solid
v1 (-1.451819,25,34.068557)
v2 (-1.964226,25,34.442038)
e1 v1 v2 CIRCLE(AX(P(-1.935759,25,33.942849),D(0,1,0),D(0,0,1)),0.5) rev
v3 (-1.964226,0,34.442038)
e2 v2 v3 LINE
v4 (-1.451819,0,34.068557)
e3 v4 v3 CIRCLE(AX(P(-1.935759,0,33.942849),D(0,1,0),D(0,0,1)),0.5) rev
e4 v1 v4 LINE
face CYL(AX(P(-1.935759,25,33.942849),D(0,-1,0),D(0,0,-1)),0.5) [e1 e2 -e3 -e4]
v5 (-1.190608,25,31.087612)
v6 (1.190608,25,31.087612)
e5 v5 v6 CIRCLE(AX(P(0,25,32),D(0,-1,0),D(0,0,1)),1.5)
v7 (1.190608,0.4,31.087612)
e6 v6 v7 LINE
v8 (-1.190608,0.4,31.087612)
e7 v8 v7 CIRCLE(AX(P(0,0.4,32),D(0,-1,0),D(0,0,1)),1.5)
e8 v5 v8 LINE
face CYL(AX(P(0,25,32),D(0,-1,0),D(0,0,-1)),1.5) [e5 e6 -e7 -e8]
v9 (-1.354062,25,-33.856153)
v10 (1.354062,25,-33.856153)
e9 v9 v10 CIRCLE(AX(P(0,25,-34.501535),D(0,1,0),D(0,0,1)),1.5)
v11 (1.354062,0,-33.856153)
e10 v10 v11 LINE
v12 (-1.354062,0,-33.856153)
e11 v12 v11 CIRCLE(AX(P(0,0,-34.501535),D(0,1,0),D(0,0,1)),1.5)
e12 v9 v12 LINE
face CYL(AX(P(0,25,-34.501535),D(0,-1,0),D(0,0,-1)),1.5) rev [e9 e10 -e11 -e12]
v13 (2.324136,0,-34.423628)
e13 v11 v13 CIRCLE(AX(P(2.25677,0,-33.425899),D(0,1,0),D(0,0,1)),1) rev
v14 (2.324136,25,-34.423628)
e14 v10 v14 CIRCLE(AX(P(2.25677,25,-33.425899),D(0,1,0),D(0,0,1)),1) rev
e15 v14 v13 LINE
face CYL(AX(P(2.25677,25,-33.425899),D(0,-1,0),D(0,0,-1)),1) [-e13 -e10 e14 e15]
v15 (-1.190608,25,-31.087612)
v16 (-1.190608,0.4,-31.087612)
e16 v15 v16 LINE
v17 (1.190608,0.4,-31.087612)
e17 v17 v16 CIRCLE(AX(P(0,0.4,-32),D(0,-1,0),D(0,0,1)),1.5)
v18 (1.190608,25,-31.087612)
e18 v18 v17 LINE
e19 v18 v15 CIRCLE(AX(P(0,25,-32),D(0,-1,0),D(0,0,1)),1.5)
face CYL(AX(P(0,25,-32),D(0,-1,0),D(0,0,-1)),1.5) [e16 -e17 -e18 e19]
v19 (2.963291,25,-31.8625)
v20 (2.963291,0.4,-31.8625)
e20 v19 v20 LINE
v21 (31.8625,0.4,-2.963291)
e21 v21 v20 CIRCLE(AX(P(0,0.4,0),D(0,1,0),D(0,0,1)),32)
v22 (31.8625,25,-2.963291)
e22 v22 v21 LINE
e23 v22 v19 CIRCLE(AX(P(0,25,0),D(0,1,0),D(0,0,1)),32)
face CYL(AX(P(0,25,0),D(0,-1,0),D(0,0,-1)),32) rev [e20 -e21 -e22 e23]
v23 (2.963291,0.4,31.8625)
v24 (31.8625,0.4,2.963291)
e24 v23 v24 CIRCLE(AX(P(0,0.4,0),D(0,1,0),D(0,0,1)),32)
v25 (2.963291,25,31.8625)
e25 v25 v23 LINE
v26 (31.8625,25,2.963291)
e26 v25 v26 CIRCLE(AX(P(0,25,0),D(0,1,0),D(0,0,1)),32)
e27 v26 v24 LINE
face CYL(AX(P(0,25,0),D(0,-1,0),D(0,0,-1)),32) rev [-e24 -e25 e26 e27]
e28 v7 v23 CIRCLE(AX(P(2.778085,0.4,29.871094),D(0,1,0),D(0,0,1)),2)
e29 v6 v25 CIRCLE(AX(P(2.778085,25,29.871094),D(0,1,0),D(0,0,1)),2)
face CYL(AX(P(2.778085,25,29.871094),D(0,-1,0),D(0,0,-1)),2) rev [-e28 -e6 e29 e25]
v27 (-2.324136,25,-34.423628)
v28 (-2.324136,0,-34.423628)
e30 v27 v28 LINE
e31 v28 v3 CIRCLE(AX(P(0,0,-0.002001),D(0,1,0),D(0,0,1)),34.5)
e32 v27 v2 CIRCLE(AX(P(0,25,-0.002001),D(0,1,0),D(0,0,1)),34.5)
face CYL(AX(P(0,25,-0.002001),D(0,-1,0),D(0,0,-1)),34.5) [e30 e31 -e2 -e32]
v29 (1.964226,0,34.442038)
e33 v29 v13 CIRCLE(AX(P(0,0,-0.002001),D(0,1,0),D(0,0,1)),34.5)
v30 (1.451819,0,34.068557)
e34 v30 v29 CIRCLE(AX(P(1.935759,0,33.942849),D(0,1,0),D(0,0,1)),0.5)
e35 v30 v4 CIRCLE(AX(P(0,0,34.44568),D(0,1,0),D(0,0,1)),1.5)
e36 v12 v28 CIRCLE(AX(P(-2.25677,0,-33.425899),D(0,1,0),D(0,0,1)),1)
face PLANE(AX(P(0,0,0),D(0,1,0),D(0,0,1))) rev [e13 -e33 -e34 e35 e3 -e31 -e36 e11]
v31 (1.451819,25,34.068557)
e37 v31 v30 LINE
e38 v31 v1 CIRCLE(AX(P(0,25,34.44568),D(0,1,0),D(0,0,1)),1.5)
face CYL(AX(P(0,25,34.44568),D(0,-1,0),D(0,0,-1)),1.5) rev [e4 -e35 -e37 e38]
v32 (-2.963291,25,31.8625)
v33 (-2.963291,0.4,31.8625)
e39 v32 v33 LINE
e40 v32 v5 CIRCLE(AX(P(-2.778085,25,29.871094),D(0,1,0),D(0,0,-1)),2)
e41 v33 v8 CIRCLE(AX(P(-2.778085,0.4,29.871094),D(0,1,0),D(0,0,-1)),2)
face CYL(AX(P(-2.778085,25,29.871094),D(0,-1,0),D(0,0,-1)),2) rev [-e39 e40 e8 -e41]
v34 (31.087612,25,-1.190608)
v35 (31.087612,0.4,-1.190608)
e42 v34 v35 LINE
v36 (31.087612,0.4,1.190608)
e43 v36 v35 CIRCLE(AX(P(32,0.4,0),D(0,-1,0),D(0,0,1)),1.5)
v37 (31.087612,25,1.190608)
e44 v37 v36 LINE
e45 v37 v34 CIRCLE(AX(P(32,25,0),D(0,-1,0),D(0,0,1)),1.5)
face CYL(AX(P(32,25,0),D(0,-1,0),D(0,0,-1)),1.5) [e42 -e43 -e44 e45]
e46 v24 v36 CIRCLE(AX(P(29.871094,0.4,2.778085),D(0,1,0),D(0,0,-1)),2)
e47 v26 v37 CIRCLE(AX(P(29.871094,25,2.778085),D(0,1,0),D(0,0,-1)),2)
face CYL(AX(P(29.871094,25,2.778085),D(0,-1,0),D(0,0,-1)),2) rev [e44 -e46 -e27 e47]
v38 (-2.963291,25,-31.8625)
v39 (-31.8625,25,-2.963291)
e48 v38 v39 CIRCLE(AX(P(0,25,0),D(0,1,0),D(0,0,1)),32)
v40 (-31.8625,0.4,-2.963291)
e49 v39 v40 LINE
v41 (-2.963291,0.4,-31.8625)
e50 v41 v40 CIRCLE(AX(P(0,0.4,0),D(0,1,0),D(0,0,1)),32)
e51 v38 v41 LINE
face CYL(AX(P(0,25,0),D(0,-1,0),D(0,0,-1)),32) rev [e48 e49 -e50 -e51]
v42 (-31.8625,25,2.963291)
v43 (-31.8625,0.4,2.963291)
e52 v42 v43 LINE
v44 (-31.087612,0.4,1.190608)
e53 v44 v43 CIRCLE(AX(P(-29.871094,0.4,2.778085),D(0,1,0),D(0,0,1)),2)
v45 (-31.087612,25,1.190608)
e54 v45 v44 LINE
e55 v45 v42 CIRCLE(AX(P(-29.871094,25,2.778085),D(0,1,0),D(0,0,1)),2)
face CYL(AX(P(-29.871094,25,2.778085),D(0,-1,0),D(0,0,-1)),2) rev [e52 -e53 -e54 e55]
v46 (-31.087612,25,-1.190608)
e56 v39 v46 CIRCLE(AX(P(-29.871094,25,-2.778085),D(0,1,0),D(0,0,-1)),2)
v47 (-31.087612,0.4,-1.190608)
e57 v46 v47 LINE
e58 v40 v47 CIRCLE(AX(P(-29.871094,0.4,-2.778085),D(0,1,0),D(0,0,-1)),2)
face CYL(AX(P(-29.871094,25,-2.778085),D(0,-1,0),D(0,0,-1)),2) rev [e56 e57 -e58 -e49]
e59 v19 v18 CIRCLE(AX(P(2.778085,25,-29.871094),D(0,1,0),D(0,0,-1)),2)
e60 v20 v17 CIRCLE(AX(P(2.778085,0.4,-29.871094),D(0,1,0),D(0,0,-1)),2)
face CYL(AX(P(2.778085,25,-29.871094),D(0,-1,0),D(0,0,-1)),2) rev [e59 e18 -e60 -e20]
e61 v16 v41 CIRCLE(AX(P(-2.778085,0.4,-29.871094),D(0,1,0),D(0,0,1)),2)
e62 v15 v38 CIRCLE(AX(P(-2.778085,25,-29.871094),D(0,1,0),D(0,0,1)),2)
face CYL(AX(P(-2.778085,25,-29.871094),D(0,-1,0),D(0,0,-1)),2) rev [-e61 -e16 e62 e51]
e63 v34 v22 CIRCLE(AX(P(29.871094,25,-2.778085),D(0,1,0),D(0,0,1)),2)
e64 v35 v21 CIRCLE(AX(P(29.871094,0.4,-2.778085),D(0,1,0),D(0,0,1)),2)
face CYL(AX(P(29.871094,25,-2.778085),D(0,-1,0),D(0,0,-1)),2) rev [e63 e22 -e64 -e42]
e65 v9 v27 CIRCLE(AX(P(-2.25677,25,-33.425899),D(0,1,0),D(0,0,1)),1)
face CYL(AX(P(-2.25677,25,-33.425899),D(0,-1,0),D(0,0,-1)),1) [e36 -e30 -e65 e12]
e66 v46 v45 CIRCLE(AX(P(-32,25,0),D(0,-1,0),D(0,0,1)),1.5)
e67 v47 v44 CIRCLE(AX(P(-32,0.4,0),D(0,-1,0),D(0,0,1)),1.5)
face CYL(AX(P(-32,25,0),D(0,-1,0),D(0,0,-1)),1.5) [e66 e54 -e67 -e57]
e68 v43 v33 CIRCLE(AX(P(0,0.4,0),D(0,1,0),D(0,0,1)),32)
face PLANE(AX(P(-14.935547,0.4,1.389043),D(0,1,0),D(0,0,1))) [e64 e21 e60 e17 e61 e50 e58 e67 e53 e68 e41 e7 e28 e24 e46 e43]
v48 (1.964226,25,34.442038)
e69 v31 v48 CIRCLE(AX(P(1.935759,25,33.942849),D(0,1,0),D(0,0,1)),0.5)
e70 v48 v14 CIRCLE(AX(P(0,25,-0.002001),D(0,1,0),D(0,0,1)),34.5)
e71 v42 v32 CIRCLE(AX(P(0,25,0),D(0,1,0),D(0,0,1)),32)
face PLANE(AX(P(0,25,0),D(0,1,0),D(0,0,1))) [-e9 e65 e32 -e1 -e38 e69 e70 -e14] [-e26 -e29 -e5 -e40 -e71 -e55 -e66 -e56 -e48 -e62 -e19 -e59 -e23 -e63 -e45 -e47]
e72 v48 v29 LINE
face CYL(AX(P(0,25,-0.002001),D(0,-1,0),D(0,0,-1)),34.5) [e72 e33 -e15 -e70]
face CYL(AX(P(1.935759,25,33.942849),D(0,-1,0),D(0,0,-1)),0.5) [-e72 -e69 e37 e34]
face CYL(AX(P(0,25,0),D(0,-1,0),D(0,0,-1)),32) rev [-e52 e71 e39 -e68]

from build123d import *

# Parameters (mm, degrees)
BOSS_EXTRUDE1_DEPTH = 25
CUT_EXTRUDE2_DEPTH  = 55.786493398
BOSS_EXTRUDE2_DEPTH = 0.4


with BuildPart() as part:
    # Sketch1 → Boss-Extrude1 (new body)
    with BuildSketch(Plane(origin=(0, 0, 0), x_dir=(1, 0, 0), z_dir=(0, 1, 0))):
        with BuildLine():
            ThreePointArc((1.451818925, -34.068556857), (1.641248992, -34.346908706), (1.964225605, -34.442038138))
            ThreePointArc((1.964225605, -34.442038138), (26.591847487, -21.978073076), (34.198225299, 4.555174015))
            ThreePointArc((34.198225299, 4.555174015), (23.590291339, 25.176355888), (2.324135821, 34.423627607))
            ThreePointArc((2.324135821, 34.423627607), (1.751838249, 34.289058819), (1.354061739, 33.856153382))
            ThreePointArc((1.354061739, 33.856153382), (0, 33.001534515), (-1.354061739, 33.856153382))
            ThreePointArc((-1.354061739, 33.856153382), (-1.751838249, 34.289058819), (-2.324135821, 34.423627607))
            ThreePointArc((-2.324135821, 34.423627607), (-23.590291339, 25.176355888), (-34.198225299, 4.555174015))
            ThreePointArc((-34.198225299, 4.555174015), (-26.591847487, -21.978073076), (-1.964225605, -34.442038138))
            ThreePointArc((-1.964225605, -34.442038138), (-1.641248992, -34.346908706), (-1.451818925, -34.068556857))
            ThreePointArc((-1.451818925, -34.068556857), (0, -32.945679925), (1.451818925, -34.068556857))
        make_face()
        with BuildLine():
            Line((-2.417, 3.787737139), (0, 3.787737139))
            Line((0, 3.787737139), (2.417, 3.787737139))
            ThreePointArc((2.417, 3.787737139), (0, -4.489512172), (-2.417, 3.787737139))
        make_face(mode=Mode.SUBTRACT)
    extrude(amount=BOSS_EXTRUDE1_DEPTH)

    # Sketch2 → Cut-Extrude2 (cut, through all)
    with BuildSketch(Plane(origin=(0, 0, 0), x_dir=(1, 0, 0), z_dir=(0, 1, 0))):
        with BuildLine():
            ThreePointArc((-31.8625, -2.963291034), (-22.627416998, -22.627416998), (-2.963291034, -31.8625))
            ThreePointArc((-2.963291034, -31.8625), (-1.977020771, -31.703659042), (-1.190608005, -31.087611607))
            ThreePointArc((-1.190608005, -31.087611607), (0, -30.5), (1.190608005, -31.087611607))
            ThreePointArc((1.190608005, -31.087611607), (1.977020771, -31.703659042), (2.963291034, -31.8625))
            ThreePointArc((2.963291034, -31.8625), (22.627416998, -22.627416998), (31.8625, -2.963291034))
            ThreePointArc((31.8625, -2.963291034), (31.703659042, -1.977020771), (31.087611607, -1.190608005))
            ThreePointArc((31.087611607, -1.190608005), (30.5, 0), (31.087611607, 1.190608005))
            ThreePointArc((31.087611607, 1.190608005), (31.703659042, 1.977020771), (31.8625, 2.963291034))
            ThreePointArc((31.8625, 2.963291034), (22.627416998, 22.627416998), (2.963291034, 31.8625))
            ThreePointArc((2.963291034, 31.8625), (1.977020771, 31.703659042), (1.190608005, 31.087611607))
            ThreePointArc((1.190608005, 31.087611607), (0, 30.5), (-1.190608005, 31.087611607))
            ThreePointArc((-1.190608005, 31.087611607), (-1.977020771, 31.703659042), (-2.963291034, 31.8625))
            ThreePointArc((-2.963291034, 31.8625), (-22.627416998, 22.627416998), (-31.8625, 2.963291034))
            ThreePointArc((-31.8625, 2.963291034), (-31.703659042, 1.977020771), (-31.087611607, 1.190608005))
            ThreePointArc((-31.087611607, 1.190608005), (-30.5, 0), (-31.087611607, -1.190608005))
            ThreePointArc((-31.087611607, -1.190608005), (-31.703659042, -1.977020771), (-31.8625, -2.963291034))
        make_face()
    extrude(amount=CUT_EXTRUDE2_DEPTH, mode=Mode.SUBTRACT)

    # Sketch2<2> → Boss-Extrude2 (add)
    with BuildSketch(Plane(origin=(0, 0, 0), x_dir=(1, 0, 0), z_dir=(0, 1, 0))):
        with BuildLine():
            ThreePointArc((-31.8625, -2.963291034), (-22.627416998, -22.627416998), (-2.963291034, -31.8625))
            ThreePointArc((-2.963291034, -31.8625), (-1.977020771, -31.703659042), (-1.190608005, -31.087611607))
            ThreePointArc((-1.190608005, -31.087611607), (0, -30.5), (1.190608005, -31.087611607))
            ThreePointArc((1.190608005, -31.087611607), (1.977020771, -31.703659042), (2.963291034, -31.8625))
            ThreePointArc((2.963291034, -31.8625), (22.627416998, -22.627416998), (31.8625, -2.963291034))
            ThreePointArc((31.8625, -2.963291034), (31.703659042, -1.977020771), (31.087611607, -1.190608005))
            ThreePointArc((31.087611607, -1.190608005), (30.5, 0), (31.087611607, 1.190608005))
            ThreePointArc((31.087611607, 1.190608005), (31.703659042, 1.977020771), (31.8625, 2.963291034))
            ThreePointArc((31.8625, 2.963291034), (22.627416998, 22.627416998), (2.963291034, 31.8625))
            ThreePointArc((2.963291034, 31.8625), (1.977020771, 31.703659042), (1.190608005, 31.087611607))
            ThreePointArc((1.190608005, 31.087611607), (0, 30.5), (-1.190608005, 31.087611607))
            ThreePointArc((-1.190608005, 31.087611607), (-1.977020771, 31.703659042), (-2.963291034, 31.8625))
            ThreePointArc((-2.963291034, 31.8625), (-22.627416998, 22.627416998), (-31.8625, 2.963291034))
            ThreePointArc((-31.8625, 2.963291034), (-31.703659042, 1.977020771), (-31.087611607, 1.190608005))
            ThreePointArc((-31.087611607, 1.190608005), (-30.5, 0), (-31.087611607, -1.190608005))
            ThreePointArc((-31.087611607, -1.190608005), (-31.703659042, -1.977020771), (-31.8625, -2.963291034))
        make_face()
    extrude(amount=BOSS_EXTRUDE2_DEPTH)


solid = part.part
